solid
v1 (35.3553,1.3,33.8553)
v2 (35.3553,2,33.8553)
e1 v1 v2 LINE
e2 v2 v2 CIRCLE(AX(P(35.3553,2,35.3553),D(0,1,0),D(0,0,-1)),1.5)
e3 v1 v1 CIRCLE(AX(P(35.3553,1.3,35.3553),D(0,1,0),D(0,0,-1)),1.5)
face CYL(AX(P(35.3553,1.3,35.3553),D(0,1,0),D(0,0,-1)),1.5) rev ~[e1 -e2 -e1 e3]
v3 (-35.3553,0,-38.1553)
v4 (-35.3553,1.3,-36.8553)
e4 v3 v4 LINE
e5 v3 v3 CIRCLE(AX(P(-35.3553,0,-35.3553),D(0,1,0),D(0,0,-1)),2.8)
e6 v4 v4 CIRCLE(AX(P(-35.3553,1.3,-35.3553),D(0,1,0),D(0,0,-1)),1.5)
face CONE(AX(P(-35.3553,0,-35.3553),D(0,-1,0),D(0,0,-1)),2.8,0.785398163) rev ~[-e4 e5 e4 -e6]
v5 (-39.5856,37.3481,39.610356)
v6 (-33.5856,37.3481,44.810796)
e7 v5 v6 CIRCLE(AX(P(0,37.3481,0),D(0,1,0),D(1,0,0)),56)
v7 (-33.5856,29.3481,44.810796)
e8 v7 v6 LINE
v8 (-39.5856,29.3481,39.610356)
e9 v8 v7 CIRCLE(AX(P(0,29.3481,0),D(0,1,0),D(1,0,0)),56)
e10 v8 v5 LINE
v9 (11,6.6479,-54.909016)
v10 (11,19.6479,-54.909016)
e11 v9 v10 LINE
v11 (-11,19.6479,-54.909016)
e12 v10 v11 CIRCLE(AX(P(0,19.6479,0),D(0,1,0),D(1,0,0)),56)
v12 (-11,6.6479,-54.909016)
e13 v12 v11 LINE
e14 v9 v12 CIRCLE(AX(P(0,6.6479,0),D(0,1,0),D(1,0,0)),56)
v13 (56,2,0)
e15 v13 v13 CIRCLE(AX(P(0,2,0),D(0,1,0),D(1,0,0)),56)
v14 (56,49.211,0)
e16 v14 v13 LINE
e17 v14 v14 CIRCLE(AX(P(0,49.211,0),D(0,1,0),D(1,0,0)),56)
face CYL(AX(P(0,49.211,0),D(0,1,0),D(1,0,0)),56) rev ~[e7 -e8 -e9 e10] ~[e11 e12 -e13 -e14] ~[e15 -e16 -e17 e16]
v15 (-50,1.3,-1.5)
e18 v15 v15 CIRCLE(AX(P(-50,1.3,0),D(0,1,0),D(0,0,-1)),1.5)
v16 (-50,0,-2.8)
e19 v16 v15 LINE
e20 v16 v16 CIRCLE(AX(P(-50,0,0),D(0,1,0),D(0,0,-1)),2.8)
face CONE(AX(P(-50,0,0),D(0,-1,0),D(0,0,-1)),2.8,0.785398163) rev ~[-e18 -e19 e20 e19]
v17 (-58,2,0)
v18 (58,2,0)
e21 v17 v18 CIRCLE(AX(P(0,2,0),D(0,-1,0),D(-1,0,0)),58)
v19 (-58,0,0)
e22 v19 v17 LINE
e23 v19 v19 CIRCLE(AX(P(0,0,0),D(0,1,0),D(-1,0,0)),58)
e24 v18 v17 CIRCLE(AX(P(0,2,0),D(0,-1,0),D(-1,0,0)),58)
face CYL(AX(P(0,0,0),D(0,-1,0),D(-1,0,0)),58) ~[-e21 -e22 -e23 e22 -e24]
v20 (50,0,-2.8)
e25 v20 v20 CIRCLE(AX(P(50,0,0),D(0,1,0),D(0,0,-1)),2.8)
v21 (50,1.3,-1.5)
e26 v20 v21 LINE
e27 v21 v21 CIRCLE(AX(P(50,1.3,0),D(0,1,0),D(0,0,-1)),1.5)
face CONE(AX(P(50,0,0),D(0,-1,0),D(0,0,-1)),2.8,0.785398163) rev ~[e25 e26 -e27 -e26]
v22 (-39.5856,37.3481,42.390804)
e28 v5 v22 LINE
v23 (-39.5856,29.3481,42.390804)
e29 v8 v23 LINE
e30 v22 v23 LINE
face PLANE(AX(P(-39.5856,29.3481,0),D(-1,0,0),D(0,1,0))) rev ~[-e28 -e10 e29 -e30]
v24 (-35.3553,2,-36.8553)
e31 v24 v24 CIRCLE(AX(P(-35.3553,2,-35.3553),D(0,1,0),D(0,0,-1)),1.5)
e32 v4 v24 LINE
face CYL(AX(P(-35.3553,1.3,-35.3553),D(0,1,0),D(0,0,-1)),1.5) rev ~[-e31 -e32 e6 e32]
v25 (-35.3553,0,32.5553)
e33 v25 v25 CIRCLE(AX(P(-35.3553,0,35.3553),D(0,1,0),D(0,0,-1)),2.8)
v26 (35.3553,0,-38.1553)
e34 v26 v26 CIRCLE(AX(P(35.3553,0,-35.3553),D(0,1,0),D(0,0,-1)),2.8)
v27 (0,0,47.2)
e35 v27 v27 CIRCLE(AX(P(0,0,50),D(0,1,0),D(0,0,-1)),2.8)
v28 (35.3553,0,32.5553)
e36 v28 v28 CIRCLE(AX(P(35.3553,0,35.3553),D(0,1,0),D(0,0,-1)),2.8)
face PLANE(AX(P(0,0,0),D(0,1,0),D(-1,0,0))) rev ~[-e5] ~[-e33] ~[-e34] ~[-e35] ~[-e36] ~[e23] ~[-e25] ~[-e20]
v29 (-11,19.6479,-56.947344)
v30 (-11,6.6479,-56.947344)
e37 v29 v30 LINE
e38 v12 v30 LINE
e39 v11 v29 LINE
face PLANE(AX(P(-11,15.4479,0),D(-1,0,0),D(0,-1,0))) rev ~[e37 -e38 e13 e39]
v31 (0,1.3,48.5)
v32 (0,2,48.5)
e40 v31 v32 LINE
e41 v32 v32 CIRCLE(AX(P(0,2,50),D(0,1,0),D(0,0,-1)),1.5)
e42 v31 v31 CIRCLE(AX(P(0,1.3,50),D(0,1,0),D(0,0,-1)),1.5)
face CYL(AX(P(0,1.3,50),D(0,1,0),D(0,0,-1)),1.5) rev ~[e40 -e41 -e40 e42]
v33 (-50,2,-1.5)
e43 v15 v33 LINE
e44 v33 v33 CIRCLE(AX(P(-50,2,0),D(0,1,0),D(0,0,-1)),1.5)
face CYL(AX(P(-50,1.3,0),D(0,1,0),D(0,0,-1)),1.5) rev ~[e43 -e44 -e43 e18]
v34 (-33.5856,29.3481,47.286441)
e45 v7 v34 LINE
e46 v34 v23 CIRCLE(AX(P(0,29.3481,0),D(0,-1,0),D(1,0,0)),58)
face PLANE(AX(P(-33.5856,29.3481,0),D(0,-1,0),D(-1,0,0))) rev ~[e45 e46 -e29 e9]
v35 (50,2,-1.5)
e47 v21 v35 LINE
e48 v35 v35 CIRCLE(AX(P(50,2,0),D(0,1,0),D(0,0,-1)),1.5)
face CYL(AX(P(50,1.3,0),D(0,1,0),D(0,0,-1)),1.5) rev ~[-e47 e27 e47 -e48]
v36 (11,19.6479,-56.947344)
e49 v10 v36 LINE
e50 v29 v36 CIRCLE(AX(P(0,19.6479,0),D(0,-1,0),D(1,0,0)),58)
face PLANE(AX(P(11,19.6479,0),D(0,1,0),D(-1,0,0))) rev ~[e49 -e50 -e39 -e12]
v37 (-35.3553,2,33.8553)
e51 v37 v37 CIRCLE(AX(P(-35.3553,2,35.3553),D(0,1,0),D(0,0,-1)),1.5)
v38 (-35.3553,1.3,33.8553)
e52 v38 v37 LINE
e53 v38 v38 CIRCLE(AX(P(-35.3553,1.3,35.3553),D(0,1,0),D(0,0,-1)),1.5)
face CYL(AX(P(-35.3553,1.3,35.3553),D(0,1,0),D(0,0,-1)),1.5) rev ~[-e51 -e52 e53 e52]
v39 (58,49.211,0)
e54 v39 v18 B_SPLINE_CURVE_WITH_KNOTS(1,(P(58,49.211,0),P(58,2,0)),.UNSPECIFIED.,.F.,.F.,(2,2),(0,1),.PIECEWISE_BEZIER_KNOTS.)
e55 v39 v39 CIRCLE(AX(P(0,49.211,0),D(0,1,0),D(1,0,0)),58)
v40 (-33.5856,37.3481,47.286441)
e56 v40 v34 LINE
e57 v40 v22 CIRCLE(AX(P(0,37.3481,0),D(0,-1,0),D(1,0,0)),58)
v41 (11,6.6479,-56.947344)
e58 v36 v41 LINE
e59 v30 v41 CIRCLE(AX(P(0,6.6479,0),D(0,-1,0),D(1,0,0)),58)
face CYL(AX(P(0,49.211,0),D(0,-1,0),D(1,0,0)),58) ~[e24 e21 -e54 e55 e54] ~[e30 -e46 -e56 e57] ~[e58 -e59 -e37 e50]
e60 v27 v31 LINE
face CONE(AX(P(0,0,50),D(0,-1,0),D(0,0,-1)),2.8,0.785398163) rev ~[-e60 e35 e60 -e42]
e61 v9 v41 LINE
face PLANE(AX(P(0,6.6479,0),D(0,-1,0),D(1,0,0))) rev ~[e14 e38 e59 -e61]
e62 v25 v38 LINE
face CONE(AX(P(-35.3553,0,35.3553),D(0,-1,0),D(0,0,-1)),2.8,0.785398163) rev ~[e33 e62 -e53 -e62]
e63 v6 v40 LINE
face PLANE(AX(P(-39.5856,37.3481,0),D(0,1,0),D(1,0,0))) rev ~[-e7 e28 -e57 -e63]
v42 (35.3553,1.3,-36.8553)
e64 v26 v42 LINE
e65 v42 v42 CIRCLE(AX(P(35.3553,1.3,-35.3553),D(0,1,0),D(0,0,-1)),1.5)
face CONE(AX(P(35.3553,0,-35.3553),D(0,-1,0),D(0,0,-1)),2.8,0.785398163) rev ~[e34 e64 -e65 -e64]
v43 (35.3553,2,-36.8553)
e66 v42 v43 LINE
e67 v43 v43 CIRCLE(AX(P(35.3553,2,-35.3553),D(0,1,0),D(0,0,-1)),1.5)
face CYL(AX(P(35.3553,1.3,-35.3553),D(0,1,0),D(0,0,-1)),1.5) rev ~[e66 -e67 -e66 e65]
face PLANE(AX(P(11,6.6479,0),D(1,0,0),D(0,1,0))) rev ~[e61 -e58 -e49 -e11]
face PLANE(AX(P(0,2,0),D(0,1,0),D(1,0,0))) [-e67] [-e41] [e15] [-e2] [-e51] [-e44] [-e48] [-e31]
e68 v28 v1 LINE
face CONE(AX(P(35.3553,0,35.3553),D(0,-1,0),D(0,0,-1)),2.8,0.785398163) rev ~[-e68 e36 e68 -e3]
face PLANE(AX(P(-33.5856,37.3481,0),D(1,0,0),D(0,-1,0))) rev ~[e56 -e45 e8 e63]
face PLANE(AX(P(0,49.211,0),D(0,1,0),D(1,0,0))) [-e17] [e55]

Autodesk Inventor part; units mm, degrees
ref_plane "YZ Plane" through (0, 0, 0) normal (1, 0, 0) x (0, 1, 0)
sketch "Эскиз1" plane through (0, 0, 0) normal (0, 1, 0) x (-1, 0, 0)
  circle A0 centre (0, 0) radius 58
  line L0 (79.4555, 0) -> (-79.4555, 0)
  line L1 (0, -106.6382) -> (0, 90.6575)
  dimension "d0" = 116
extrude "Выдавливание1" add sketch "Эскиз1" along normal blind 2
sketch "Эскиз2" plane through (0, 0, 0) normal (0, -1, 0) x (1, 0, 0)
  circle A0 centre (0, 0) radius 57
  line L0 (0, -103.8803) -> (0, 88.3129)
  line L1 (-79.4555, 0) -> (79.4555, 0) projected
  circle A1 centre (0, 0) radius 50
  circle A2 centre (0, -50) radius 1.5
  circle A3 centre (50, 0) radius 1.5
  circle A4 centre (0, 50) radius 1.5
  circle A5 centre (-50, 0) radius 1.5
  circle A6 centre (35.3553, -35.3553) radius 1.5
  circle A7 centre (50, 0) radius 1.5
  circle A8 centre (35.3553, 35.3553) radius 1.5
  circle A9 centre (0, 50) radius 1.5
  circle A10 centre (-35.3553, 35.3553) radius 1.5
  circle A11 centre (-50, 0) radius 1.5
  circle A12 centre (-35.3553, -35.3553) radius 1.5
  dimension "d22" = 3
  dimension "d23" = 3
  dimension "d26" = 3
  dimension "d30" = 360
  dimension "d84" = 114
sketch "Эскиз6" plane through (0, 2, 0) normal (0, 1, 0) x (1, 0, 0)
  circle A0 centre (0, 0) radius 58 projected
  dimension "d85" = 116
ref_plane "РабПлоскость2" through (0, 49.211, 0) normal (0, 1, 0) x (1, 0, 0)
sketch "Эскиз7" plane through (0, 49.211, 0) normal (0, 1, 0) x (1, 0, 0)
  circle A0 centre (0, 0) radius 58 projected
  dimension "d86" = 116
loft "Лофт1" add profiles "Эскиз7", "Эскиз6"
sketch "Эскиз8" plane through (0, 49.211, 0) normal (0, 1, 0) x (1, 0, 0)
  circle A0 centre (0, 0) radius 56
  dimension "d83" = 112
extrude "Выдавливание9" cut sketch "Эскиз8" against normal blind 47.211
ref_plane "РабПлоскость6" through (-79.4555, 0, 0) normal (0, 0, -1) x (1, 0, 0)
sketch "Эскиз10" plane through (-79.4555, 0, 0) normal (0, 0, -1) x (1, 0, 0)
  line L0 (137.4555, -49.211) -> (21.4555, -49.211) projected
  line L1 (79.4555, 0) -> (79.4555, -49.211)
  line L2 (68.4555, -6.6479) -> (90.4555, -6.6479)
  line L3 (90.4555, -6.6479) -> (90.4555, -19.6479)
  line L4 (90.4555, -19.6479) -> (68.4555, -19.6479)
  line L5 (68.4555, -19.6479) -> (68.4555, -6.6479)
  line L6 (60.4965, -15.4479) -> (98.4145, -15.4479)
  line L7 (98.4145, -15.4479) -> (98.4145, -23.8479)
  line L8 (98.4145, -23.8479) -> (60.4965, -23.8479)
  line L9 (60.4965, -23.8479) -> (60.4965, -15.4479)
  circle A0 centre (60.4965, -15.4479) radius 1.15
  circle A1 centre (98.4145, -15.4479) radius 1.15
  line L10 (45.8699, -29.3481) -> (39.8699, -29.3481)
  line L11 (39.8699, -29.3481) -> (39.8699, -37.3481)
  line L12 (39.8699, -37.3481) -> (45.8699, -37.3481)
  line L13 (45.8699, -37.3481) -> (45.8699, -29.3481)
  point P0 (79.4555, 0)
  dimension "d94" = 22
  dimension "d95" = 13
  dimension "d101" = 37.918
  dimension "d102" = 8.4
  dimension "d103" = 2.3
  dimension "d104" = 2.3
  dimension "d114" = 6
  dimension "d115" = 8
extrude "Выдавливание11" cut sketch "Эскиз10" along normal blind 60 contours L2 L3 L6 L1 | L1 L6 L5 L2 | L6 L3 L4 L1 | L1 L4 L5 L6
hole "Отверстие1" at (0, 0, 50) at (-35.3553, 0, 35.3553) at (35.3553, 0, 35.3553) at (50, 0, 0) at (35.3553, 0, -35.3553) at (-35.3553, 0, -35.3553) at (-50, 0, 0) direction (0, 1, 0) diameter 3 end through all countersink diameter 5.6 countersink angle 90
extrude "Выдавливание13" cut sketch "Эскиз10" against normal blind 60 contours L13 L12 L11 L10
properties part number "caseTop" material "Пластик АБС"
